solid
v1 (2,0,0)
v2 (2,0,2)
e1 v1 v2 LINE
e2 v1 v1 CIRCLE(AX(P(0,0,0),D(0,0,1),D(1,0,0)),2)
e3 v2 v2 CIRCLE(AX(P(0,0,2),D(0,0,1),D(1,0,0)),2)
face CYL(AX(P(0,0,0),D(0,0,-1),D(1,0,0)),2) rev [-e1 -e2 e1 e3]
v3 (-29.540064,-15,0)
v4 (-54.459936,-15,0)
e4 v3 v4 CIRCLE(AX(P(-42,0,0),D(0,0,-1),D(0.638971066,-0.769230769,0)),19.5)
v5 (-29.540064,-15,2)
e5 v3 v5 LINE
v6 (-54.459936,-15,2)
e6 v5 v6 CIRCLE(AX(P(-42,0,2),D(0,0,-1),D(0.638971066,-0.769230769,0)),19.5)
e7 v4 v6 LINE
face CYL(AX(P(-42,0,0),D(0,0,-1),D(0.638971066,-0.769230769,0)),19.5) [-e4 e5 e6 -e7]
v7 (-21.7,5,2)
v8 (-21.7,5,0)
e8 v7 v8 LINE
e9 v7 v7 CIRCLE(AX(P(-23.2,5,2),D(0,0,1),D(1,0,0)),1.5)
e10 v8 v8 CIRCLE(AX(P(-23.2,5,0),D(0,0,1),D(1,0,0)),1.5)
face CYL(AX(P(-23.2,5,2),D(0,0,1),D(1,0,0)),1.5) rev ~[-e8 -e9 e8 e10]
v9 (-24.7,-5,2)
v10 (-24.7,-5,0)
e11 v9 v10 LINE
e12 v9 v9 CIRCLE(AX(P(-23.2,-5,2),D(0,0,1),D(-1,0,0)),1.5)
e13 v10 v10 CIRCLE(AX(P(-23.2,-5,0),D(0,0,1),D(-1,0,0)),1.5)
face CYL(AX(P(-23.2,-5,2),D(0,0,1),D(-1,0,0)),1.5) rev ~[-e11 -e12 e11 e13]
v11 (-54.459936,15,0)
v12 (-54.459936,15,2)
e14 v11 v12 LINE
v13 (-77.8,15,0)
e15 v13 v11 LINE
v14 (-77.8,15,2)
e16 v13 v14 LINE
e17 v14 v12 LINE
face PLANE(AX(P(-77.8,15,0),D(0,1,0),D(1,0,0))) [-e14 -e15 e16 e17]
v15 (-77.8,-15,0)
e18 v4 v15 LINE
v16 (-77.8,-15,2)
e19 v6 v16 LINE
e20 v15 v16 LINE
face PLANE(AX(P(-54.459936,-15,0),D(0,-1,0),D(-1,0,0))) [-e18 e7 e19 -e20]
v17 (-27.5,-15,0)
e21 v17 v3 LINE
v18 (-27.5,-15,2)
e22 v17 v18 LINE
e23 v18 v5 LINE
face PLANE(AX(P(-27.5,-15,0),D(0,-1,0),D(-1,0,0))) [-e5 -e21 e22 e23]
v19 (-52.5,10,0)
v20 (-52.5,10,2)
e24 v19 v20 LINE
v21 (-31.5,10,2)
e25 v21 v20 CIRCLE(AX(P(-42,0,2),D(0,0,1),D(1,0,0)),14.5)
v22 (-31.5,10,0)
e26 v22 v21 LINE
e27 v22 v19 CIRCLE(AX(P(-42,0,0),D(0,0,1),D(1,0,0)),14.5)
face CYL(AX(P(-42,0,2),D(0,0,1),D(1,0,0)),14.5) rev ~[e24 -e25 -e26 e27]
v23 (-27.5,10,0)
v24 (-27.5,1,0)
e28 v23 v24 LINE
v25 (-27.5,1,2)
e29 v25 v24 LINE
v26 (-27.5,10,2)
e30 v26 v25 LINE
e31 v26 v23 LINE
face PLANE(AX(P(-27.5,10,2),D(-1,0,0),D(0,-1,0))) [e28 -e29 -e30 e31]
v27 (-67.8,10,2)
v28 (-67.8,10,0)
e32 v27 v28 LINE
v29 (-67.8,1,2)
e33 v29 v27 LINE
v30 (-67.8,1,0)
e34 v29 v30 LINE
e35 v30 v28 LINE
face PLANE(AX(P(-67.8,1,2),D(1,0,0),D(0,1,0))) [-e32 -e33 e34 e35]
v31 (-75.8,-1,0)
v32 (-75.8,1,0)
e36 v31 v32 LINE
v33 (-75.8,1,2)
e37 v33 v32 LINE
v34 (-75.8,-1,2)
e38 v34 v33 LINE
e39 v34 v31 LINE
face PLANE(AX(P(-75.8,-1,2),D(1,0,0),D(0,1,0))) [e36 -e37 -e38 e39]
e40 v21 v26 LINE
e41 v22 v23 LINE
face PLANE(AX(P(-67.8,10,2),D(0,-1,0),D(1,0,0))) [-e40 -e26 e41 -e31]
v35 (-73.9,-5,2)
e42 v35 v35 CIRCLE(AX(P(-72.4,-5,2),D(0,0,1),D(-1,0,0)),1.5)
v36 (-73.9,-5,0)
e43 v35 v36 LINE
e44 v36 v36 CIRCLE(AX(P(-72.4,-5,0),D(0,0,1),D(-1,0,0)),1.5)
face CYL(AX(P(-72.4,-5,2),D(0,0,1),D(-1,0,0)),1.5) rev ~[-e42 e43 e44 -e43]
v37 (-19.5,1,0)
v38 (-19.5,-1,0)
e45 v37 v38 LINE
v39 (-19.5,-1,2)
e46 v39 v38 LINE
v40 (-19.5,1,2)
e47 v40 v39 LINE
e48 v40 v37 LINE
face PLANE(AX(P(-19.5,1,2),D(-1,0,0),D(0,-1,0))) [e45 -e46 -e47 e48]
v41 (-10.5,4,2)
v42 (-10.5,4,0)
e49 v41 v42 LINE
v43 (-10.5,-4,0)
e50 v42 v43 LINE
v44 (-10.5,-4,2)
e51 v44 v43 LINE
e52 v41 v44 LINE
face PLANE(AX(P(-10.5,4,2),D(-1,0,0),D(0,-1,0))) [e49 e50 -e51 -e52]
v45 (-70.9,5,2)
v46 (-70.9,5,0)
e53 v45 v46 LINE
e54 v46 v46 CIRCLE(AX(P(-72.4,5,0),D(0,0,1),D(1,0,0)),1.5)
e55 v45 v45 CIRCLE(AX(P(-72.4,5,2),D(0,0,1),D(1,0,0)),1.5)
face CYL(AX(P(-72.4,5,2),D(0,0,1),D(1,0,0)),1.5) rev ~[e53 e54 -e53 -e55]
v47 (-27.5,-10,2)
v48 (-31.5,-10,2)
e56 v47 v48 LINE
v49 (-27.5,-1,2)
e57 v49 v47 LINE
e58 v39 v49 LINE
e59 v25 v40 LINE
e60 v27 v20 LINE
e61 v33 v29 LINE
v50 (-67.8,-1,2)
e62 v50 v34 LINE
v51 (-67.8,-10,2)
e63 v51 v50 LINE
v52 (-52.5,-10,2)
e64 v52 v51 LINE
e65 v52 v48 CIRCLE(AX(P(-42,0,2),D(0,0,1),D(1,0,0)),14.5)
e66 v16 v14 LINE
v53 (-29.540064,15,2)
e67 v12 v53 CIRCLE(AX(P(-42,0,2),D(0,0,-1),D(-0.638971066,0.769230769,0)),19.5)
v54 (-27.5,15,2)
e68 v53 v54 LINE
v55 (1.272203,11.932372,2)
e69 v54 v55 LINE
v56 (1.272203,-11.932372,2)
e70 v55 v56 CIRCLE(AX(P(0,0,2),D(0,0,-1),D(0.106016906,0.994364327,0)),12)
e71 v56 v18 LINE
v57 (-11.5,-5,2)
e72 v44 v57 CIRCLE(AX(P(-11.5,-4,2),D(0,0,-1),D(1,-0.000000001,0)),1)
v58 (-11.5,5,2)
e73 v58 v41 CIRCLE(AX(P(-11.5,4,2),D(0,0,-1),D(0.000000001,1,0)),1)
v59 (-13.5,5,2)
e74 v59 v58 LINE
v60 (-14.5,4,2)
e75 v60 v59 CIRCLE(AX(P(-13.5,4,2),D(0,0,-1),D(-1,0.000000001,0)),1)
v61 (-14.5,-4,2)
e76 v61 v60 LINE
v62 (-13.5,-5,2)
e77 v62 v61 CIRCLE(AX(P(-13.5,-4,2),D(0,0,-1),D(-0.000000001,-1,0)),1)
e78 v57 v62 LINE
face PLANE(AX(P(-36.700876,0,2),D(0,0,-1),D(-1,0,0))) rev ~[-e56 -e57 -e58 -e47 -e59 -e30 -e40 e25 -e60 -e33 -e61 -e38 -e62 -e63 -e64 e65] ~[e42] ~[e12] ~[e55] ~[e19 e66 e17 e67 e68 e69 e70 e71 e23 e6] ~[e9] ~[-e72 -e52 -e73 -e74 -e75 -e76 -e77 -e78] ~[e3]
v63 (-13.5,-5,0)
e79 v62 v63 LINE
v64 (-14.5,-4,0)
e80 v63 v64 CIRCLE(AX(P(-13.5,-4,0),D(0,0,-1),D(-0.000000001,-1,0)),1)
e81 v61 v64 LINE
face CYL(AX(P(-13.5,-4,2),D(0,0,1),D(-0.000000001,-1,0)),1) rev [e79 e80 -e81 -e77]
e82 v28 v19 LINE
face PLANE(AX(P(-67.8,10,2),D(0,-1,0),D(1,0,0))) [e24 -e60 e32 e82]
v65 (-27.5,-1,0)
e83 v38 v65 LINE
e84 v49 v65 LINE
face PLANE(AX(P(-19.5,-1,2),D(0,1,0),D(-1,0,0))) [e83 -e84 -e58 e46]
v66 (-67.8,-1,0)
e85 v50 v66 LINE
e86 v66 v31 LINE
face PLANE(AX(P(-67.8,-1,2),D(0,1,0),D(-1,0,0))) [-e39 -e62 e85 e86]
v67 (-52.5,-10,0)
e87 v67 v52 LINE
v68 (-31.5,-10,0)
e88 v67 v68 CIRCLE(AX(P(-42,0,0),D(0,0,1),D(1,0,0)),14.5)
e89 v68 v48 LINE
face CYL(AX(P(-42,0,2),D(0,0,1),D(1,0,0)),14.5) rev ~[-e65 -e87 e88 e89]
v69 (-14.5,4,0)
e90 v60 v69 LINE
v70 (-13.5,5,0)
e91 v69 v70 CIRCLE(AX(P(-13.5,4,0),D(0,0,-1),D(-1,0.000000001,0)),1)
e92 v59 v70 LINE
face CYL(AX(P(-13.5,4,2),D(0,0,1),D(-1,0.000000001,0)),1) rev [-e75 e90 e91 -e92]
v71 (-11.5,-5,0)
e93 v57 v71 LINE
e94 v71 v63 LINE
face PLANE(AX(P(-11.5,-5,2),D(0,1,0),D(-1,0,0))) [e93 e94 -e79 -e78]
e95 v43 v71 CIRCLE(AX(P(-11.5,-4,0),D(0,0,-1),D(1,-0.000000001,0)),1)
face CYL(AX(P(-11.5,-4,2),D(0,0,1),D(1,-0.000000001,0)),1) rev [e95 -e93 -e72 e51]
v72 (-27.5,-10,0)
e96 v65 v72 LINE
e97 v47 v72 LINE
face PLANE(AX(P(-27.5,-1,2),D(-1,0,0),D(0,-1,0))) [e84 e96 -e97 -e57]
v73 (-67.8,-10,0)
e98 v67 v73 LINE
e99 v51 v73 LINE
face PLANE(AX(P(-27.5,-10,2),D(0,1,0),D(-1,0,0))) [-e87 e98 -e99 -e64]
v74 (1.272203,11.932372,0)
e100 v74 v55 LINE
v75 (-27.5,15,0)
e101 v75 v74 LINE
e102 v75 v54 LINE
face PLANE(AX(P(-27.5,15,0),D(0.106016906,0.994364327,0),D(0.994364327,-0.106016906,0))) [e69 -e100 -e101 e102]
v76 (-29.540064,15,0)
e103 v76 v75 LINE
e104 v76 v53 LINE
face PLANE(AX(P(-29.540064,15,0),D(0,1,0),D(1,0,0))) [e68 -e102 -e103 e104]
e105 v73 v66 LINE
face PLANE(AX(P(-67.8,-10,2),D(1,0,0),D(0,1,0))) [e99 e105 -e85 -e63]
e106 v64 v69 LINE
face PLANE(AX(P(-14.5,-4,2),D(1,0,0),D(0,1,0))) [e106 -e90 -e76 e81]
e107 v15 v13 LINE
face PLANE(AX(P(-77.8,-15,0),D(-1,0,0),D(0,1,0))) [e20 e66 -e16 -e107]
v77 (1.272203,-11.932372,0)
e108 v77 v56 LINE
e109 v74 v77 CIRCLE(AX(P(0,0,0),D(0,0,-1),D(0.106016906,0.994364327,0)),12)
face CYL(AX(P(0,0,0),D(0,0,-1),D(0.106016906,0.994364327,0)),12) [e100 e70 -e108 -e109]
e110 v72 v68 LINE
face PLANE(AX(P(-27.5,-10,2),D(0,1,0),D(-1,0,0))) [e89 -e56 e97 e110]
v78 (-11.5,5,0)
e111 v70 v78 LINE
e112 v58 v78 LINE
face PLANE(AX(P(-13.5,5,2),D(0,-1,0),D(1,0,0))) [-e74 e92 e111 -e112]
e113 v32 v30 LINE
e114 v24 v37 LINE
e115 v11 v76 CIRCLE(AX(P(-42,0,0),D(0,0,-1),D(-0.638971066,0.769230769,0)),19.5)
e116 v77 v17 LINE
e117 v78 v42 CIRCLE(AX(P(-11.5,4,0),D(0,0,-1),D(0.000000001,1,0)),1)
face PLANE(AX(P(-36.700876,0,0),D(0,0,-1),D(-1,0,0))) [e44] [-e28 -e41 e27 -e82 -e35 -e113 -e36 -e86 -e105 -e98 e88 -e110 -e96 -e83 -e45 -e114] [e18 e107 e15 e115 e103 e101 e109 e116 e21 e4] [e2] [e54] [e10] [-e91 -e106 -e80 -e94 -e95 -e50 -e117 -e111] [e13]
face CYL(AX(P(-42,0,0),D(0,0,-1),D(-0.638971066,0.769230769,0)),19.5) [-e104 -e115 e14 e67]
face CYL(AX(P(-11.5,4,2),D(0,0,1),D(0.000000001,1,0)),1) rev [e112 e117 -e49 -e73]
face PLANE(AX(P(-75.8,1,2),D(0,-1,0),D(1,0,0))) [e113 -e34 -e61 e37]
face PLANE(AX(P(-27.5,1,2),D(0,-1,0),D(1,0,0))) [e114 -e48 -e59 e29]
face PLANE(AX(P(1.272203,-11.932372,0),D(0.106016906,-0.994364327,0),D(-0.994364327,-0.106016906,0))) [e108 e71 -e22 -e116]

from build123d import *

# Parameters (mm, degrees)
SKETCH1_R      = 2
EXTRUDE1_DEPTH = 2
SKETCH2_R      = 1.5
EXTRUDE2_DEPTH = 2
EXTRUDE3_DEPTH = 2
EXTRUDE4_DEPTH = 2
SKETCH5_R      = 14.5
EXTRUDE5_DEPTH = 2


with BuildPart() as part:
    # Sketch1 → Extrude1 (new body)
    with BuildSketch(Plane.XY):
        with BuildLine():
            Line((1.27220287, -11.932371929), (-27.5, -15))
            Line((-27.5, -15), (-29.540064206, -15))
            ThreePointArc((-29.540064206, -15), (-42, -19.5), (-54.459935794, -15))
            Line((-54.459935794, -15), (-77.8, -15))
            Line((-77.8, -15), (-77.8, 15))
            Line((-77.8, 15), (-54.459935794, 15))
            ThreePointArc((-54.459935794, 15), (-42, 19.5), (-29.540064206, 15))
            Line((-29.540064206, 15), (-27.5, 15))
            Line((-27.5, 15), (1.27220287, 11.932371929))
            ThreePointArc((1.27220287, 11.932371929), (12, 0), (1.27220287, -11.932371929))
        make_face()
        Circle(SKETCH1_R, mode=Mode.SUBTRACT)
    extrude(amount=EXTRUDE1_DEPTH)

    # Sketch2 → Extrude2 (cut)
    with BuildSketch(Plane.XY.offset(2)):
        with Locations((-23.2, 5)):
            Circle(SKETCH2_R)
        with Locations((-72.4, 5)):
            Circle(SKETCH2_R)
        with Locations(Location((-23.2, -5, 0), (0, 0, 180))):
            Circle(SKETCH2_R)
        with Locations(Location((-72.4, -5, 0), (0, 0, 180))):
            Circle(SKETCH2_R)
    extrude(amount=-EXTRUDE2_DEPTH, mode=Mode.SUBTRACT)

    # Sketch3 → Extrude3 (cut)
    with BuildSketch(Plane.XY.offset(2)):
        with BuildLine():
            Line((-13.5, 5), (-11.5, 5))
            ThreePointArc((-11.5, 5), (-10.792893219, 4.707106781), (-10.5, 4))
            Line((-10.5, 4), (-10.5, -4))
            ThreePointArc((-10.5, -4), (-10.792893219, -4.707106781), (-11.5, -5))
            Line((-11.5, -5), (-13.5, -5))
            ThreePointArc((-13.5, -5), (-14.207106781, -4.707106781), (-14.5, -4))
            Line((-14.5, -4), (-14.5, 4))
            ThreePointArc((-14.5, 4), (-14.207106781, 4.707106781), (-13.5, 5))
        make_face()
    extrude(amount=-EXTRUDE3_DEPTH, mode=Mode.SUBTRACT)

    # Sketch4 → Extrude4 (cut)
    with BuildSketch(Plane.XY.offset(2)):
        Polygon((-27.5, -1), (-27.5, -10), (-67.8, -10), (-67.8, -1), (-75.8, -1), (-75.8, 1), (-67.8, 1), (-67.8, 10), (-27.5, 10), (-27.5, 1), (-19.5, 1), (-19.5, -1), align=None)
    extrude(amount=-EXTRUDE4_DEPTH, mode=Mode.SUBTRACT)

    # Sketch5 → Extrude5 (cut)
    with BuildSketch(Plane.XY.offset(2)):
        with Locations((-42, 0)):
            Circle(SKETCH5_R)
    extrude(amount=-EXTRUDE5_DEPTH, mode=Mode.SUBTRACT)


solid = part.part
